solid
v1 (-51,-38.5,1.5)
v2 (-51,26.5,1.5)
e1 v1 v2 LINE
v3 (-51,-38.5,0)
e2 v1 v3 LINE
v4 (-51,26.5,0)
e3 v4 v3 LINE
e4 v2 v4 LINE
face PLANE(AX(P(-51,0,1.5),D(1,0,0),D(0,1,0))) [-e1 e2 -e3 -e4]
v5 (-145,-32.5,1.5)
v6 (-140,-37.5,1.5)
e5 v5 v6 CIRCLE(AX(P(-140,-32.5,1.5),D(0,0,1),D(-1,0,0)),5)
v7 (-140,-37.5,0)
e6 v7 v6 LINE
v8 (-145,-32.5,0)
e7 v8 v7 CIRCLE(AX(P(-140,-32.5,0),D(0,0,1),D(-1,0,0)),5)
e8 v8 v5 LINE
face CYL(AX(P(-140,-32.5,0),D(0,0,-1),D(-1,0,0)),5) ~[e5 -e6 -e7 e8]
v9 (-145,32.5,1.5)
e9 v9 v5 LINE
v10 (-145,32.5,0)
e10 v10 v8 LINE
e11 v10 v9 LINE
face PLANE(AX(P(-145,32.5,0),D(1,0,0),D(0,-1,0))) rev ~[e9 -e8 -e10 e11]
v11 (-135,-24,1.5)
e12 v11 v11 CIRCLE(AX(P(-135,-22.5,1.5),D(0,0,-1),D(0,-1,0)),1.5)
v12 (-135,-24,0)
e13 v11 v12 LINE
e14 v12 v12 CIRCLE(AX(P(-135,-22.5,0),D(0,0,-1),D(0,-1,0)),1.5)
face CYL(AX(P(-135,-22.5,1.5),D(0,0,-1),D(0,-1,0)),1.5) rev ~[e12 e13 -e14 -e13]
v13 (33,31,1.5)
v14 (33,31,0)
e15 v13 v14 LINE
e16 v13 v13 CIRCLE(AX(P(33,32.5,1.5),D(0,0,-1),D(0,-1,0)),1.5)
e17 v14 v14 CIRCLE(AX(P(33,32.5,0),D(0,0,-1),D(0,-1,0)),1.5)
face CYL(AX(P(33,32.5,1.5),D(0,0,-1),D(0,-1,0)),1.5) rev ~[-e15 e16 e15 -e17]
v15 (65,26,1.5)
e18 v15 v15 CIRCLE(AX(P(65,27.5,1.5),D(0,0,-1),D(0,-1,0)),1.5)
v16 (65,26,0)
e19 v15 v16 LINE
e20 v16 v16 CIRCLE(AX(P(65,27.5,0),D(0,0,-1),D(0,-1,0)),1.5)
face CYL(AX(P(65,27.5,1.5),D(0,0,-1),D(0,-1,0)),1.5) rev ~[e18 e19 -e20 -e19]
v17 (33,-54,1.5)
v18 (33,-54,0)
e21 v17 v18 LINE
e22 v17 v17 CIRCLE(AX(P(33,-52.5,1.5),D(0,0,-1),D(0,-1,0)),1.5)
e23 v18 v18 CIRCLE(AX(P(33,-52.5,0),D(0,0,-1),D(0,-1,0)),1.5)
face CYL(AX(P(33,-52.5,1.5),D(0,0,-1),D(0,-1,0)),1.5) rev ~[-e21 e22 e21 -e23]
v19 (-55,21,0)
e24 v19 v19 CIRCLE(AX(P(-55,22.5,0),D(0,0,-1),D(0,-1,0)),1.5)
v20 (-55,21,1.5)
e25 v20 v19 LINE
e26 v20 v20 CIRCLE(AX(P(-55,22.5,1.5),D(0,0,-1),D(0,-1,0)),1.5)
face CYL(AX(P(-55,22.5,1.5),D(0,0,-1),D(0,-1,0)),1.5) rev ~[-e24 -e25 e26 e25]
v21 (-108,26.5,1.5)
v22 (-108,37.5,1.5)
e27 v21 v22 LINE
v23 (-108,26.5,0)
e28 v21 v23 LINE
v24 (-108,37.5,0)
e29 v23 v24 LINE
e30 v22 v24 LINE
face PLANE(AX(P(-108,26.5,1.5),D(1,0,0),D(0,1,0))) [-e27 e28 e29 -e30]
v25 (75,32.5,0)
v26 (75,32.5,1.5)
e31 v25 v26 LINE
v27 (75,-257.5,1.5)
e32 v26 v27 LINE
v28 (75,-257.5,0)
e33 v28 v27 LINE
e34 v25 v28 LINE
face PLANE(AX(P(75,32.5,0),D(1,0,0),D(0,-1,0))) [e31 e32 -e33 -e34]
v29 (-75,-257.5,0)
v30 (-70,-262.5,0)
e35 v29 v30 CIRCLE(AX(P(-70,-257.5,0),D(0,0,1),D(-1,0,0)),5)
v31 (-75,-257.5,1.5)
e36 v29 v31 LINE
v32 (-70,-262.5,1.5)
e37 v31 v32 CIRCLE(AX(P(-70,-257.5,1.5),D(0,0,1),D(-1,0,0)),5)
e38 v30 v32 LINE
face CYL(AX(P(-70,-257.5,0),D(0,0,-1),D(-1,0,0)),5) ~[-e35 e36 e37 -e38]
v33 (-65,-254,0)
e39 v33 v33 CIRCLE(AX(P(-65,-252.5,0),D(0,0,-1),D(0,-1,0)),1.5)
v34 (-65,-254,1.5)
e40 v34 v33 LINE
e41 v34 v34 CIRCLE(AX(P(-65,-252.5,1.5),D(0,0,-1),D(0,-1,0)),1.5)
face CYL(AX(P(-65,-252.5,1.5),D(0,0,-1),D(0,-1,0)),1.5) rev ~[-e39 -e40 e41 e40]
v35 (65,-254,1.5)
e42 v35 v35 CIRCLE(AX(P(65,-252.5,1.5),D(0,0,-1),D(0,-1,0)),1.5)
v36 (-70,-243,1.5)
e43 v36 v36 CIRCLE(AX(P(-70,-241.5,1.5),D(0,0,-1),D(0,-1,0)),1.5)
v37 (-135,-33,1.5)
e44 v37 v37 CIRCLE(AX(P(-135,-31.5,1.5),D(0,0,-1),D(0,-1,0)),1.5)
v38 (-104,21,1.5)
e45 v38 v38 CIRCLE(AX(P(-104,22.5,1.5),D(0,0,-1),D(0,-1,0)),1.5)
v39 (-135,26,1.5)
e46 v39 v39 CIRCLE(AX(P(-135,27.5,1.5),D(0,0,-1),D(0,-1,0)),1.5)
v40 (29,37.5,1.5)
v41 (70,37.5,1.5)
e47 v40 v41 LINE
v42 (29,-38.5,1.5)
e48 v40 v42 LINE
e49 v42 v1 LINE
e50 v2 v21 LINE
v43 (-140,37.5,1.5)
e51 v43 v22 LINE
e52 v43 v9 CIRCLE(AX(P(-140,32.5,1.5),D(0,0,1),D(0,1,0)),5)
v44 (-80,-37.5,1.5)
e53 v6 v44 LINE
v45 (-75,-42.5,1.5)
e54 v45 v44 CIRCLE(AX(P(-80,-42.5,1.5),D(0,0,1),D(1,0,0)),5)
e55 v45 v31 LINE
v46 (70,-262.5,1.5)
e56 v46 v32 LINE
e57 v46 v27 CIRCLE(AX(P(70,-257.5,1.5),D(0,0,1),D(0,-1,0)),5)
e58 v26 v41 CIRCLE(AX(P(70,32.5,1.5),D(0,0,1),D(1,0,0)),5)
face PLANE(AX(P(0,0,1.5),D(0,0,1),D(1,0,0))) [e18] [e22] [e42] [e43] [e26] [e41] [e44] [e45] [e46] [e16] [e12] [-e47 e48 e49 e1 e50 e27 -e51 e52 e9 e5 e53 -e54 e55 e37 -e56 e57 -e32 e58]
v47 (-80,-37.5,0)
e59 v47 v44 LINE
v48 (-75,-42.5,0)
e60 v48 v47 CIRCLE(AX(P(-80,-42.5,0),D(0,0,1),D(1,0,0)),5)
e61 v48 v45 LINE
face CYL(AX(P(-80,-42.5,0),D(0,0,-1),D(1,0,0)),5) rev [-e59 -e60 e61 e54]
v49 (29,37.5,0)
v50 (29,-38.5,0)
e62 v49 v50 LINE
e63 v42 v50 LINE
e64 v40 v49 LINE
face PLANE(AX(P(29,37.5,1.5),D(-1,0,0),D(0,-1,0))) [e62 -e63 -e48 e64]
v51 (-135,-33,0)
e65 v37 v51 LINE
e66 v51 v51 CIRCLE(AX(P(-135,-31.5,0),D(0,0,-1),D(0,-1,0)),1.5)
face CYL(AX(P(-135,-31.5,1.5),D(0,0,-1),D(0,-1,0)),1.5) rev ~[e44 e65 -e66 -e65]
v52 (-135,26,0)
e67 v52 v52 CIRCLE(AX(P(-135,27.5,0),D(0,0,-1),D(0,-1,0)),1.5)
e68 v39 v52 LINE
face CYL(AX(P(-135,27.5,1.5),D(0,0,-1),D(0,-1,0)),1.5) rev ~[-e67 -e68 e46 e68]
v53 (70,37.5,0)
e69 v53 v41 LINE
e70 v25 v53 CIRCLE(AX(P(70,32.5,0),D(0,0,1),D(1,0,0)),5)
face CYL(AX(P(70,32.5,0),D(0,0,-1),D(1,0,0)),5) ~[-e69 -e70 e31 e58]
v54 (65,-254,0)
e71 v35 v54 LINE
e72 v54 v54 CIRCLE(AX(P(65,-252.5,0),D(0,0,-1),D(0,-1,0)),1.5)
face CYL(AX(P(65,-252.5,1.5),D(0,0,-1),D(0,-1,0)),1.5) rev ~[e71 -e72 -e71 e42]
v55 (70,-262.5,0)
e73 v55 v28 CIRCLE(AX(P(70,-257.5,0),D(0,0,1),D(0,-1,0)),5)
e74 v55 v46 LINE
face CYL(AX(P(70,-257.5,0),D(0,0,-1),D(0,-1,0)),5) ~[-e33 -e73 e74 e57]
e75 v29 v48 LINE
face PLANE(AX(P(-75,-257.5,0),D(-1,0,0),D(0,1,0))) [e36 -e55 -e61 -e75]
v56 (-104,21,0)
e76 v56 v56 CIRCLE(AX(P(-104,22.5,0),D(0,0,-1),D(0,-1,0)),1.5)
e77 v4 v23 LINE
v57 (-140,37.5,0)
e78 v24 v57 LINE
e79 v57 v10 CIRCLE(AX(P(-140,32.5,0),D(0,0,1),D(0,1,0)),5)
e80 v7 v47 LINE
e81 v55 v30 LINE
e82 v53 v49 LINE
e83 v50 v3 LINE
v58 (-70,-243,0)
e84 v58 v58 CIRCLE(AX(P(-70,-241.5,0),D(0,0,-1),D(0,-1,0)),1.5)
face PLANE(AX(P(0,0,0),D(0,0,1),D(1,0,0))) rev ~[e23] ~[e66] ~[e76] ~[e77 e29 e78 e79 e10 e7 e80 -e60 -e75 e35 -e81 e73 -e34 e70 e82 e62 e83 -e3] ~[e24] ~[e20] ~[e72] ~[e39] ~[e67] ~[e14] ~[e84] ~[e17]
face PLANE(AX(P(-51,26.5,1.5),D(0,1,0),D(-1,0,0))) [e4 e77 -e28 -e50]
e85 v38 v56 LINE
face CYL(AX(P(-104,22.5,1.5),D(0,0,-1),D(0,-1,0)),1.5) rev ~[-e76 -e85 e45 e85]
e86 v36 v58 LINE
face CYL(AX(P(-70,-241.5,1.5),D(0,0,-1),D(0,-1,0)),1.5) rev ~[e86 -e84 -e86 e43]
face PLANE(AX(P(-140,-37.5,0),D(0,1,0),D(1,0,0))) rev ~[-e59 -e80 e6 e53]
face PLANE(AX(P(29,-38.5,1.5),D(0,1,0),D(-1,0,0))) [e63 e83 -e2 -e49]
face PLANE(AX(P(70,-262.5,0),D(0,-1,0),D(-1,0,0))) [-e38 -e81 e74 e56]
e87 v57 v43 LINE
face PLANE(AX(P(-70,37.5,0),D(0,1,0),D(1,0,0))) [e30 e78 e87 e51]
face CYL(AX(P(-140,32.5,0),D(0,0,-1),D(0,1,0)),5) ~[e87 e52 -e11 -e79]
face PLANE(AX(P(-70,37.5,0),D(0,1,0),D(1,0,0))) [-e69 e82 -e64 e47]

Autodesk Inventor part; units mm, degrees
ref_plane "YZ Plane" through (0, 0, 0) normal (1, 0, 0) x (0, 1, 0)
ref_plane "XZ Plane" through (0, 0, 0) normal (0, 1, 0) x (-1, 0, 0)
ref_plane "XY Plane" through (0, 0, 0) normal (0, 0, 1) x (1, 0, 0)
sketch "スケッチ2" plane through (0, 0, 0) normal (0, 0, 1) x (1, 0, 0)
  line L0 (-70, 37.5) -> (70, 37.5)
  line L1 (75, 32.5) -> (75, -257.5)
  line L2 (70, -262.5) -> (-70, -262.5)
  line L3 (-75, -183.2657) -> (-75, -42.5)
  arc A0 (75, 32.5) -> (70, 37.5) centre (70, 32.5) ccw
  arc A1 (70, -262.5) -> (75, -257.5) centre (70, -257.5) ccw
  line L4 (-75, -257.5) -> (-75, -183.1423)
  arc A2 (-75, -257.5) -> (-70, -262.5) centre (-70, -257.5) ccw
  line L5 (-70, 37.5) -> (-140, 37.5)
  line L6 (-145, 32.5) -> (-145, -32.5)
  line L7 (-140, -37.5) -> (-80, -37.5)
  arc A3 (-140, 37.5) -> (-145, 32.5) centre (-140, 32.5) ccw
  arc A4 (-145, -32.5) -> (-140, -37.5) centre (-140, -32.5) ccw
  arc A5 (-75, -42.5) -> (-80, -37.5) centre (-80, -42.5) ccw
  point P0 (0, 0)
  point P1 (-75, 37.5)
  point P2 (75, -262.5)
  point P3 (75, 37.5)
  point P4 (-75, -262.5)
  point P5 (-75, 0)
  point P6 (0, 37.5)
  point P7 (0, 0)
  point P8 (-145, 0)
  dimension "d1" = 300
  dimension "d24" = 5
  dimension "d49" = 220
  dimension "d50" = 5
  dimension "d51" = 75
extrude "押し出し1" add sketch "スケッチ2" along normal blind 1.5
sketch "スケッチ5" plane through (0, 0, 1.5) normal (0, 0, 1) x (1, 0, 0)
  line L0 (70, 37.5) -> (-140, 37.5) projected
  line L1 (75, -257.5) -> (75, 32.5) projected
  line L2 (-70, -262.5) -> (70, -262.5) projected
  line L3 (-145, 32.5) -> (-145, -32.5) projected
  line L4 (-140, -37.5) -> (-80, -37.5) projected
  line L5 (-75, -42.5) -> (-75, -257.5) projected
  point P0 (-135, 27.5)
  point P1 (65, 27.5)
  point P2 (65, -252.5)
  point P3 (-70, 37.5)
  point P4 (-135, -31.5)
  point P5 (-70, -241.5)
  point P6 (33, -52.5)
  point P7 (33, 32.5)
  point P8 (-55, 22.5)
  point P9 (-135, -22.5)
  point P10 (-65, -252.5)
  point P11 (-104, 22.5)
  dimension "d25" = 10
  dimension "d27" = 10
  dimension "d44" = 80
  dimension "d46" = 85
  dimension "d52" = 10
  dimension "d55" = 10
  dimension "d56" = 10
  dimension "d58" = 21
  dimension "d59" = 5
  dimension "d60" = 15
  dimension "d61" = 69
  dimension "d62" = 5
  dimension "d66" = 54
  dimension "d67" = 49
hole "穴3" at (-135, 27.5, 1.5) at (65, 27.5, 1.5) at (65, -252.5, 1.5) at (-135, -31.5, 1.5) at (-70, -241.5, 1.5) at (-55, 22.5, 1.5) at (33, 32.5, 1.5) at (33, -52.5, 1.5) at (-135, -22.5, 1.5) at (-65, -252.5, 1.5) at (-104, 22.5, 1.5) direction (0, 0, -1) diameter 3 depth 8.1 tip angle 118
sketch "スケッチ6" plane through (0, 0, 1.5) normal (0, 0, 1) x (1, 0, 0)
  point P0 (0, 0)
sketch "スケッチ7" plane through (0, 0, 1.5) normal (0, 0, 1) x (1, 0, 0)
  line L0 (-51, 26.5) -> (-108, 26.5)
  line L1 (-108, 26.5) -> (-108, 37.5)
  line L2 (-108, 37.5) -> (29, 37.5)
  line L3 (29, 37.5) -> (29, -38.5)
  line L4 (-51, 0) -> (-51, 26.5)
  circle A0 centre (-55, 22.5) radius 1.5 projected
  circle A1 centre (-104, 22.5) radius 1.5 projected
  line L5 (70, 37.5) -> (-140, 37.5) projected
  line L6 (29, -38.5) -> (-51, -38.5)
  line L7 (-51, -38.5) -> (-51, 0)
  point P0 (-25.5, 0)
  dimension "d68" = 4
  dimension "d69" = 4
  dimension "d70" = 4
  dimension "d74" = 76
  dimension "d75" = 80
extrude "押し出し2" cut sketch "スケッチ7" against normal blind 10 contours L0 L1 L2 L3 L6 L7 L4
properties part number "天板"
